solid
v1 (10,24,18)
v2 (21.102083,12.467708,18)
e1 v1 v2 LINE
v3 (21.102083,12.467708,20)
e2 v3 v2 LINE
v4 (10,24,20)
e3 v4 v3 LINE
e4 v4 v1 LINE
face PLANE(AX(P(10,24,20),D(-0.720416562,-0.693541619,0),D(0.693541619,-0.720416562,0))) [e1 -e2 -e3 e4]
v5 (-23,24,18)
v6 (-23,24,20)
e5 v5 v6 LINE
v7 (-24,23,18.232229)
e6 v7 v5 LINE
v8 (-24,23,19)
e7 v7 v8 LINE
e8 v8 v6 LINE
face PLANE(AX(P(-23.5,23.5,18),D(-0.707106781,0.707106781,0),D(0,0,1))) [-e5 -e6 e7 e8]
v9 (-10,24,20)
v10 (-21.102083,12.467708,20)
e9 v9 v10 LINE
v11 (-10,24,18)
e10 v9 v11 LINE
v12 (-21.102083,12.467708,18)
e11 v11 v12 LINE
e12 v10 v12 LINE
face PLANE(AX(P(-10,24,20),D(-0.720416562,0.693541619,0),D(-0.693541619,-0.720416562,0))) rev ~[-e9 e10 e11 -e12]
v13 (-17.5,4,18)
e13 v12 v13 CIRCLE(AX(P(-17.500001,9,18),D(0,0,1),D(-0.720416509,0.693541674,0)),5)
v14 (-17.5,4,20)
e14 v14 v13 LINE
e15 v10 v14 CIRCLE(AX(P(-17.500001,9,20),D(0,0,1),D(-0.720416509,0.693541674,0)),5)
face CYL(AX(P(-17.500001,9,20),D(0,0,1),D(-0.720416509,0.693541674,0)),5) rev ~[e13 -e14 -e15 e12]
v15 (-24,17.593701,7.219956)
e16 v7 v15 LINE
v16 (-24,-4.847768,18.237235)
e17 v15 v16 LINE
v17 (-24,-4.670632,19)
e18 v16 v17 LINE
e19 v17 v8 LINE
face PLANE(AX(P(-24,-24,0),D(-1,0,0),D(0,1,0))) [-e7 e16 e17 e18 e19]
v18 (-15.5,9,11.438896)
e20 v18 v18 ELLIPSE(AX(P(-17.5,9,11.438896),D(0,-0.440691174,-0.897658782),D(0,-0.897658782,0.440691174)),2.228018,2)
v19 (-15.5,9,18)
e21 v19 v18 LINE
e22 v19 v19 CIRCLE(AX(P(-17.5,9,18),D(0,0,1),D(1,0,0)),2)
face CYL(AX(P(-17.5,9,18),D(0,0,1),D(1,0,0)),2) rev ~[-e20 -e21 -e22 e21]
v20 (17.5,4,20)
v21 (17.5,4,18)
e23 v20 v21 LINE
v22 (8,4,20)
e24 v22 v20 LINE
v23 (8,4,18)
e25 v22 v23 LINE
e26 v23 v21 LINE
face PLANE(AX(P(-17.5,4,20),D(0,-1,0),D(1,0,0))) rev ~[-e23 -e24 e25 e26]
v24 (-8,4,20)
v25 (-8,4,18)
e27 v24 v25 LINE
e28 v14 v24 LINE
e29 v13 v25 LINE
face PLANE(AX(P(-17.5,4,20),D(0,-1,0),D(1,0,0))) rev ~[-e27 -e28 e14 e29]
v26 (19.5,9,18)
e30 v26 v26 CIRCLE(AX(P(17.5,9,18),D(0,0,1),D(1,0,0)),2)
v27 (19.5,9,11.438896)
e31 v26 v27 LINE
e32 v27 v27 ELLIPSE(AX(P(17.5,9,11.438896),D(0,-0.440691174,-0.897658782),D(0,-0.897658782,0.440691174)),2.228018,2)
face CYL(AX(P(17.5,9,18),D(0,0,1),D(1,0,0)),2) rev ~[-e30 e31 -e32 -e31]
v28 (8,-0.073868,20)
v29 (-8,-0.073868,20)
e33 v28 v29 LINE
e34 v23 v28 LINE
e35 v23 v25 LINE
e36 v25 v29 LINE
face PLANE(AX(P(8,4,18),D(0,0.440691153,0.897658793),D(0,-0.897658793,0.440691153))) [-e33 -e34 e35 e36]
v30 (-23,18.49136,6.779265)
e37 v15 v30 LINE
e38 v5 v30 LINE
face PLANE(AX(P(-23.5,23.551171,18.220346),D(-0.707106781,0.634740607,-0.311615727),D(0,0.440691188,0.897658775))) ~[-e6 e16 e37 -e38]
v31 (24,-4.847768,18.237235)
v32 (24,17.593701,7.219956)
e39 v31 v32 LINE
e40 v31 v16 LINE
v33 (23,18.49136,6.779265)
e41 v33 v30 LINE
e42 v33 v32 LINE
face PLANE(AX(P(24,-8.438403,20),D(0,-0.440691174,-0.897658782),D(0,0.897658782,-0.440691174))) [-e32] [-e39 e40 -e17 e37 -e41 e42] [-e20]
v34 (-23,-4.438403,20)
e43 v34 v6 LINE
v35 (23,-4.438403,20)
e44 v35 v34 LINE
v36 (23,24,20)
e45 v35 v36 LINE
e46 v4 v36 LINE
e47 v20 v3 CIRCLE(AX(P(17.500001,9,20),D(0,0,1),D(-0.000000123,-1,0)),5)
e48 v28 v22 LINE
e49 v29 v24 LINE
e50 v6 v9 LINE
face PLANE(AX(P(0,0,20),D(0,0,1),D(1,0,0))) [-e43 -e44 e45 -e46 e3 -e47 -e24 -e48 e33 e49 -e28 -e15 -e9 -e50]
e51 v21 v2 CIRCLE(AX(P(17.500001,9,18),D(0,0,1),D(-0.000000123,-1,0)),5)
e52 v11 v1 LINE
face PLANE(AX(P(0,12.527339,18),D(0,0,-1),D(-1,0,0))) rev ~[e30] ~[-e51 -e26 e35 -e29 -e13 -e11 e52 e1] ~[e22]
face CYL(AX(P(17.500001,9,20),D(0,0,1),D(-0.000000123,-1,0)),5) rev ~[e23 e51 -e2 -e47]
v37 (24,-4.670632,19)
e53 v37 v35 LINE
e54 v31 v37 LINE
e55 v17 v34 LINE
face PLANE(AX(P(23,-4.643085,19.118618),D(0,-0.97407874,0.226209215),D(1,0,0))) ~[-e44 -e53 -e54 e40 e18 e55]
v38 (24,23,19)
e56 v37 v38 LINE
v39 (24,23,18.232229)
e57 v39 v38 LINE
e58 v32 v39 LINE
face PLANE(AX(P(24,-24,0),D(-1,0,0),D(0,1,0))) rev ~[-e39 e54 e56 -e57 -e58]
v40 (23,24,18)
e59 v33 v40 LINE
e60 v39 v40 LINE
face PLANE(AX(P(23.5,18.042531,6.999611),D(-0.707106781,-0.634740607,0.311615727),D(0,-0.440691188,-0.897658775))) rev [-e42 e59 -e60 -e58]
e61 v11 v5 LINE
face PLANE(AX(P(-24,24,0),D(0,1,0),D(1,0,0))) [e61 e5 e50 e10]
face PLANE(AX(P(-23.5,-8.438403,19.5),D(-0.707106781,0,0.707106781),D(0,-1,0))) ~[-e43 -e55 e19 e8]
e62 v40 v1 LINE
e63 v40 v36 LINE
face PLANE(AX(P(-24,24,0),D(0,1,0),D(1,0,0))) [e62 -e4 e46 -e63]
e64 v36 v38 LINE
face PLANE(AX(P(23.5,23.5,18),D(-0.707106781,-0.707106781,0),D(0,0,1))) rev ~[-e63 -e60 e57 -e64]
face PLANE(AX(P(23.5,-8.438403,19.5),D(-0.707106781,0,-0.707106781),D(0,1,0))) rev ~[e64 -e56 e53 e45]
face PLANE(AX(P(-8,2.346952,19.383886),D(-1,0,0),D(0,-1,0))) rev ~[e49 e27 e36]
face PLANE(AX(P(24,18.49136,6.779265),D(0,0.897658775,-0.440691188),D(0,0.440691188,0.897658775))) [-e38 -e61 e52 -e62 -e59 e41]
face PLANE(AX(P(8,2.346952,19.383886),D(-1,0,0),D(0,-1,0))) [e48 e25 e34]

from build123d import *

# Parameters (mm, degrees)
SKETCH_W        = 48
SKETCH_H        = 48
PAD_DEPTH       = 20
POCKET_DEPTH    = 2
POCKET001_DEPTH = 48.001
SKETCH003_R     = 2
POCKET002_DEPTH = 11.221735
CHAMFER_SIZE    = 1
CHAMFER001_SIZE = 4
POCKET003_DEPTH = 16


with BuildPart() as part:
    # Sketch → Pad (new body)
    with BuildSketch(Plane.XY):
        Rectangle(SKETCH_W, SKETCH_H)
    extrude(amount=PAD_DEPTH)

    # Sketch001 (on Face6 of Pad) → Pocket (cut)
    with BuildSketch(Plane.XY.offset(20)):
        with BuildLine():
            Line((-10, 24), (10, 24))
            Line((10, 24), (21.102083, 12.467708))
            ThreePointArc((17.5, 4), (22.101008, 7.042775), (21.102083, 12.467708))
            Line((-17.5, 4), (17.5, 4))
            ThreePointArc((-21.102083, 12.467708), (-22.101008, 7.042775), (-17.5, 4))
            Line((-10, 24), (-21.102083, 12.467708))
        make_face()
    extrude(amount=-POCKET_DEPTH, mode=Mode.SUBTRACT)

    # Sketch002 (on Face9 of Pocket) → Pocket001 (cut, through all)
    with BuildSketch(Plane.YZ.offset(24)):
        Polygon((-8.438403, 20), (18.49136, 6.779265), (24, 18), (24, 0), (-24, 0), (-24, 20), align=None)
    extrude(amount=-POCKET001_DEPTH, mode=Mode.SUBTRACT)

    # Sketch003 (on Face8 of Pocket001) → Pocket002 (cut, through all)
    with BuildSketch(Plane.XY.offset(18)):
        with Locations((-17.5, 9)):
            Circle(SKETCH003_R)
        with Locations((17.5, 9)):
            Circle(SKETCH003_R)
    extrude(amount=-POCKET002_DEPTH, mode=Mode.SUBTRACT)

    # Chamfer
    chamfer_edges = [part.edges().sort_by_distance(p)[0] for p in [
        (24, 7.780798, 20),
        (24, 24, 19),
        (24, 21.24568, 12.389633),
        (-24, 21.24568, 12.389633),
        (-24, 24, 19),
        (-24, 7.780798, 20),
    ]]
    chamfer(chamfer_edges, length=CHAMFER_SIZE)

    # Chamfer001
    chamfer001_edges = [part.edges().sort_by_distance(p)[0] for p in [
        (0, -8.438403, 20),
    ]]
    chamfer(chamfer001_edges, length=CHAMFER001_SIZE)

    # Sketch004 (on Face7 of Chamfer001) → Pocket003 (cut)
    with BuildSketch(Plane.YZ.offset(8)):
        Polygon((4, 18), (-0.073868, 20), (4, 20), align=None)
    extrude(amount=-POCKET003_DEPTH, mode=Mode.SUBTRACT)


solid = part.part
